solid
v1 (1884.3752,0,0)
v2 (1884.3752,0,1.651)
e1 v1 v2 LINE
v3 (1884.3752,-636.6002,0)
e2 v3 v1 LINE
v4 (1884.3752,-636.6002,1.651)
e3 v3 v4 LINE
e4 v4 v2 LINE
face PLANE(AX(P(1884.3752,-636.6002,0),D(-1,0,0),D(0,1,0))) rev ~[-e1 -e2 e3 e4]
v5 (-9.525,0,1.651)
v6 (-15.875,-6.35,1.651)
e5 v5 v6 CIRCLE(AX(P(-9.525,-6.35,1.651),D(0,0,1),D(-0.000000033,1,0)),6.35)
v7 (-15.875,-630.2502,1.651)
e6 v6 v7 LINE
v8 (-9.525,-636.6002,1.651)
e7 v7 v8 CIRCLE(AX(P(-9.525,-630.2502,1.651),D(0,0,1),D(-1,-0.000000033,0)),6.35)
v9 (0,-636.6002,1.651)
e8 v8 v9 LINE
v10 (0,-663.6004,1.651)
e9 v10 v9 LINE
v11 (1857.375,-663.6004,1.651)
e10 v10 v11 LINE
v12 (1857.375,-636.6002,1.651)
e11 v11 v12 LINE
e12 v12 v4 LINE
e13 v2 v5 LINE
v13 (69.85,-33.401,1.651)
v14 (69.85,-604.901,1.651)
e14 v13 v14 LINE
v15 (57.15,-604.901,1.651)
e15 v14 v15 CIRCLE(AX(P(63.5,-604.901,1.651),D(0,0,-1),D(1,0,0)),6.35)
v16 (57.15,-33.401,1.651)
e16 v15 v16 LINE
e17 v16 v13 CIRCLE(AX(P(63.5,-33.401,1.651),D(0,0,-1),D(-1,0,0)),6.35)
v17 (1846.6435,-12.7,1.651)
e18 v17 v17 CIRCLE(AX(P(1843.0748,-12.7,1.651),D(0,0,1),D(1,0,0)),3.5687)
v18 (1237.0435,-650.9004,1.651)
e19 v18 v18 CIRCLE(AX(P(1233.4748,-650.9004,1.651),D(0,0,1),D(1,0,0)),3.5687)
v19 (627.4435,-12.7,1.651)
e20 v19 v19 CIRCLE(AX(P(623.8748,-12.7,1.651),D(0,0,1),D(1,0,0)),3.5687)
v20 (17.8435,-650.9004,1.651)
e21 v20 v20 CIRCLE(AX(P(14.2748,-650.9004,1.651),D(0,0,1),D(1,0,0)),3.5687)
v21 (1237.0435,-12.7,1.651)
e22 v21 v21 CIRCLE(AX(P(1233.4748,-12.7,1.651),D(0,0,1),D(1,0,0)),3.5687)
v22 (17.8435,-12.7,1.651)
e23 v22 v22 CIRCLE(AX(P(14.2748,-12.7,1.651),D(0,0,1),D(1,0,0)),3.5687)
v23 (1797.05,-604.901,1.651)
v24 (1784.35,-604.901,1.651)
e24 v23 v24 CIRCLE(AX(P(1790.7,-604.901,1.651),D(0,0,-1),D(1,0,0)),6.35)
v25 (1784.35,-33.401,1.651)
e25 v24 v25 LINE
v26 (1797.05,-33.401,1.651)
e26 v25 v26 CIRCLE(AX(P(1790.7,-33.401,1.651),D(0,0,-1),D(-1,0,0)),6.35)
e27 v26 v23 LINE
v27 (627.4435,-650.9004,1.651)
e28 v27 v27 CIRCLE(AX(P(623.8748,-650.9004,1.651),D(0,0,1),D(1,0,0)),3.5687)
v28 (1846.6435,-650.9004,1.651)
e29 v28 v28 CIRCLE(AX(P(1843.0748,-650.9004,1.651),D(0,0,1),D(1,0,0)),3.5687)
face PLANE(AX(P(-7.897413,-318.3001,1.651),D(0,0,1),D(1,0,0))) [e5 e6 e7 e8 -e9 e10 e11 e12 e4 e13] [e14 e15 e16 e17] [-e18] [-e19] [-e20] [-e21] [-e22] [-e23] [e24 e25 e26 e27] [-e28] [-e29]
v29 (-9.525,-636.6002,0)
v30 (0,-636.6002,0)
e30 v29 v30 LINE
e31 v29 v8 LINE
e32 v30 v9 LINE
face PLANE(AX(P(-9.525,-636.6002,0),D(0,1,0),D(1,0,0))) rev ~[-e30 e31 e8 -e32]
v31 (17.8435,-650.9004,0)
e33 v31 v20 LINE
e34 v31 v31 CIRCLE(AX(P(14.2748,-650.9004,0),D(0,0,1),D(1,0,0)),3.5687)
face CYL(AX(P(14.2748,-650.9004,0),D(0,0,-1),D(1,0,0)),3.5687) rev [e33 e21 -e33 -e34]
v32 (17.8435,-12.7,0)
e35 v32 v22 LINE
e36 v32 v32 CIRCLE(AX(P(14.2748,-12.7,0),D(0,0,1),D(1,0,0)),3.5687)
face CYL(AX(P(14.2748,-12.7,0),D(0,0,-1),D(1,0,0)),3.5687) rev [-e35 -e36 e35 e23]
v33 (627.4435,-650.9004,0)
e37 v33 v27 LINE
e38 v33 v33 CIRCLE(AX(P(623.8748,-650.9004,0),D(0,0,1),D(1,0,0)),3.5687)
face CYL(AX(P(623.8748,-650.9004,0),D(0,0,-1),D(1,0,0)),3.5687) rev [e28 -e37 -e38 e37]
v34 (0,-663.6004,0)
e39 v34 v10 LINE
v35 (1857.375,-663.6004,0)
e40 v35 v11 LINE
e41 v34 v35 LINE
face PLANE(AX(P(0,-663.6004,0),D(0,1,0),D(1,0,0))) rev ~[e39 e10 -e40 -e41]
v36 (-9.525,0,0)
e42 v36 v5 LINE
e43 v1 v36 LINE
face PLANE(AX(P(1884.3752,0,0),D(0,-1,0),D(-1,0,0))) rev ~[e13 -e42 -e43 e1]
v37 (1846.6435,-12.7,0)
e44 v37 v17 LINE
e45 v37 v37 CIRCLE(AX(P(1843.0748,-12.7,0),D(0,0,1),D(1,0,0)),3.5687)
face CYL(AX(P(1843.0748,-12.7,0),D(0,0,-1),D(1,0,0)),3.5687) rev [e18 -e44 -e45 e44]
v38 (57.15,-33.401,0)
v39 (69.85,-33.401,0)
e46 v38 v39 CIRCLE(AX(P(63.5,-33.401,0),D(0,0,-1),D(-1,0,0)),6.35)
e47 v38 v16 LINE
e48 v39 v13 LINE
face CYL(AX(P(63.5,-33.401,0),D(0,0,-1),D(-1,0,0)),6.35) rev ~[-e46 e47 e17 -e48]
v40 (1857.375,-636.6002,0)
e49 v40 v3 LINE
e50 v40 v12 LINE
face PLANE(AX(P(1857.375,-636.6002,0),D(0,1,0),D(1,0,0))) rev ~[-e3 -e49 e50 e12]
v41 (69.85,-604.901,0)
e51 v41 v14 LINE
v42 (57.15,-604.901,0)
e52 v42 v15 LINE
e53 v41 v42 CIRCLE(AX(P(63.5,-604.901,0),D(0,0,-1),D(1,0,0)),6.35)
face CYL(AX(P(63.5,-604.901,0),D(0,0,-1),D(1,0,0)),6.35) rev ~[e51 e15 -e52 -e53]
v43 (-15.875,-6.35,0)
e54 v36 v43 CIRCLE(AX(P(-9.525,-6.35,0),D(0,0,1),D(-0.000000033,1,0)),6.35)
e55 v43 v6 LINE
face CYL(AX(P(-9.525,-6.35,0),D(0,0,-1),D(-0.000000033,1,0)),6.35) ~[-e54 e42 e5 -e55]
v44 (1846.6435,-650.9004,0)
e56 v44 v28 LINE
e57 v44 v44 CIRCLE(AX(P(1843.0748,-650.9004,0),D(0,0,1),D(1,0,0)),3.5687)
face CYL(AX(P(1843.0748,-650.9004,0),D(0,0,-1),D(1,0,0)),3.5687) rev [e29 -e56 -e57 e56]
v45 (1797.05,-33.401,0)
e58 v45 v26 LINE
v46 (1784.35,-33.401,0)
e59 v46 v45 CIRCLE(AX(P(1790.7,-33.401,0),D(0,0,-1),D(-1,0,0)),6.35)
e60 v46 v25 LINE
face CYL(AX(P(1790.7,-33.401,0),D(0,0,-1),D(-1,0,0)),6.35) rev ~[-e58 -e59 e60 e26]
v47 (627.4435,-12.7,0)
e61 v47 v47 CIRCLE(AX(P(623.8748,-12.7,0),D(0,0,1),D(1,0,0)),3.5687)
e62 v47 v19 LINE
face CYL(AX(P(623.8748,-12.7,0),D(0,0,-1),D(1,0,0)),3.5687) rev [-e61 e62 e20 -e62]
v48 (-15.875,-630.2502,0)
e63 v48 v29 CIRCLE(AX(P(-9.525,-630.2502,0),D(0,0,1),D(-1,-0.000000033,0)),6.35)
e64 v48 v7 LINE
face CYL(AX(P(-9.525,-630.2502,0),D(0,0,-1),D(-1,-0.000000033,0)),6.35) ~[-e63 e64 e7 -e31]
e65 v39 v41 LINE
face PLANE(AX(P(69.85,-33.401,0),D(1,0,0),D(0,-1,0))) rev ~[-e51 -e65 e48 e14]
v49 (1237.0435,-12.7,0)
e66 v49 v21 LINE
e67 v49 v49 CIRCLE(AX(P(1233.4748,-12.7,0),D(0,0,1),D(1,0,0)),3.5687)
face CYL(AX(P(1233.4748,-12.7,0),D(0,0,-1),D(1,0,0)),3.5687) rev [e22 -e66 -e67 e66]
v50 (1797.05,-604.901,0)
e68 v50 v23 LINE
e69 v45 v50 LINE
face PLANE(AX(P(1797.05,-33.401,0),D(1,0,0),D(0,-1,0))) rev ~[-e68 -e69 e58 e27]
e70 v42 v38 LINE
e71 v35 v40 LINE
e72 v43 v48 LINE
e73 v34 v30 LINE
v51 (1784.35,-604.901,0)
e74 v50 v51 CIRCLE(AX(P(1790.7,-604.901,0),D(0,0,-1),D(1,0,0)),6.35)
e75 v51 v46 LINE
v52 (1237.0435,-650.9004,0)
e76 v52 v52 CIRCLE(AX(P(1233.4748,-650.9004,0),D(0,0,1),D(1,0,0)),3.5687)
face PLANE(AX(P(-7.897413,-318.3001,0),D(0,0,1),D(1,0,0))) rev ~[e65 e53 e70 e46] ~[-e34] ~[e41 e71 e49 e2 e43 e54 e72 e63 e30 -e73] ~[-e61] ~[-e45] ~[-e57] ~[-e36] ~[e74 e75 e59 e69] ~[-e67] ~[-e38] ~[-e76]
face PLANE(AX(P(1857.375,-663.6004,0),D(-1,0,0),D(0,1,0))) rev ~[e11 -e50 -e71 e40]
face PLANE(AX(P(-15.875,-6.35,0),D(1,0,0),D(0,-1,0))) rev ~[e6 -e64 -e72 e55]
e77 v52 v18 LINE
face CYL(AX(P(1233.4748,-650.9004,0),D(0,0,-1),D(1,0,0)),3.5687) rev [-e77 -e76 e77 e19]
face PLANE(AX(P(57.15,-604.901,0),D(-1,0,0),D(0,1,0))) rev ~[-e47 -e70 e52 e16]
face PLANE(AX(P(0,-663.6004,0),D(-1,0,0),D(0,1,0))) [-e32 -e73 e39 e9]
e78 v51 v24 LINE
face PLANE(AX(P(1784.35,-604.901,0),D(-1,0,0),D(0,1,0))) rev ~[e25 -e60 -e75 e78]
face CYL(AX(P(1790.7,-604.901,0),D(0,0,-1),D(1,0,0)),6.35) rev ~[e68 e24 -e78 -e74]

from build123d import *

# Parameters (mm, degrees)
F0_W     = 1857.375
F0_H     = 636.6002
F0_R     = 3.5687
F0_H_2   = 27.0002
F0_W_2   = 27.0002
F1_DEPTH = 1.651


with BuildPart() as f1:
    # F0 (on Top) → F1 (new body)
    with BuildSketch(Plane.XY):
        with BuildLine():
            Line((0, -636.6002), (0, 0))
            Line((0, 0), (-9.525, 0))
            ThreePointArc((-9.525, 0), (-14.015128, -1.859872), (-15.875, -6.35))
            Line((-15.875, -6.35), (-15.875, -630.2502))
            ThreePointArc((-15.875, -630.2502), (-14.015128, -634.740328), (-9.525, -636.6002))
            Line((-9.525, -636.6002), (0, -636.6002))
        make_face()
        with Locations((928.6875, -318.3001)):
            Rectangle(F0_W, F0_H)
        with BuildLine():
            ThreePointArc((57.15, -33.401), (63.5, -27.051), (69.85, -33.401))
            Line((69.85, -33.401), (69.85, -604.901))
            ThreePointArc((69.85, -604.901), (63.5, -611.251), (57.15, -604.901))
            Line((57.15, -604.901), (57.15, -33.401))
        make_face(mode=Mode.SUBTRACT)
        with Locations((14.2748, -12.7)):
            Circle(F0_R, mode=Mode.SUBTRACT)
        with Locations((623.8748, -12.7)):
            Circle(F0_R, mode=Mode.SUBTRACT)
        with BuildLine():
            ThreePointArc((1784.35, -33.401), (1790.7, -27.051), (1797.05, -33.401))
            Line((1797.05, -33.401), (1797.05, -604.901))
            ThreePointArc((1797.05, -604.901), (1790.7, -611.251), (1784.35, -604.901))
            Line((1784.35, -604.901), (1784.35, -33.401))
        make_face(mode=Mode.SUBTRACT)
        with Locations((1233.4748, -12.7)):
            Circle(F0_R, mode=Mode.SUBTRACT)
        with Locations((1843.0748, -12.7)):
            Circle(F0_R, mode=Mode.SUBTRACT)
        with Locations((928.6875, -650.1003)):
            Rectangle(F0_W, F0_H_2)
        with Locations((14.2748, -650.9004)):
            Circle(F0_R, mode=Mode.SUBTRACT)
        with Locations((623.8748, -650.9004)):
            Circle(F0_R, mode=Mode.SUBTRACT)
        with Locations((1233.4748, -650.9004)):
            Circle(F0_R, mode=Mode.SUBTRACT)
        with Locations((1843.0748, -650.9004)):
            Circle(F0_R, mode=Mode.SUBTRACT)
        with Locations((1870.8751, -318.3001)):
            Rectangle(F0_W_2, F0_H)
    extrude(amount=F1_DEPTH)


solid = f1.part
